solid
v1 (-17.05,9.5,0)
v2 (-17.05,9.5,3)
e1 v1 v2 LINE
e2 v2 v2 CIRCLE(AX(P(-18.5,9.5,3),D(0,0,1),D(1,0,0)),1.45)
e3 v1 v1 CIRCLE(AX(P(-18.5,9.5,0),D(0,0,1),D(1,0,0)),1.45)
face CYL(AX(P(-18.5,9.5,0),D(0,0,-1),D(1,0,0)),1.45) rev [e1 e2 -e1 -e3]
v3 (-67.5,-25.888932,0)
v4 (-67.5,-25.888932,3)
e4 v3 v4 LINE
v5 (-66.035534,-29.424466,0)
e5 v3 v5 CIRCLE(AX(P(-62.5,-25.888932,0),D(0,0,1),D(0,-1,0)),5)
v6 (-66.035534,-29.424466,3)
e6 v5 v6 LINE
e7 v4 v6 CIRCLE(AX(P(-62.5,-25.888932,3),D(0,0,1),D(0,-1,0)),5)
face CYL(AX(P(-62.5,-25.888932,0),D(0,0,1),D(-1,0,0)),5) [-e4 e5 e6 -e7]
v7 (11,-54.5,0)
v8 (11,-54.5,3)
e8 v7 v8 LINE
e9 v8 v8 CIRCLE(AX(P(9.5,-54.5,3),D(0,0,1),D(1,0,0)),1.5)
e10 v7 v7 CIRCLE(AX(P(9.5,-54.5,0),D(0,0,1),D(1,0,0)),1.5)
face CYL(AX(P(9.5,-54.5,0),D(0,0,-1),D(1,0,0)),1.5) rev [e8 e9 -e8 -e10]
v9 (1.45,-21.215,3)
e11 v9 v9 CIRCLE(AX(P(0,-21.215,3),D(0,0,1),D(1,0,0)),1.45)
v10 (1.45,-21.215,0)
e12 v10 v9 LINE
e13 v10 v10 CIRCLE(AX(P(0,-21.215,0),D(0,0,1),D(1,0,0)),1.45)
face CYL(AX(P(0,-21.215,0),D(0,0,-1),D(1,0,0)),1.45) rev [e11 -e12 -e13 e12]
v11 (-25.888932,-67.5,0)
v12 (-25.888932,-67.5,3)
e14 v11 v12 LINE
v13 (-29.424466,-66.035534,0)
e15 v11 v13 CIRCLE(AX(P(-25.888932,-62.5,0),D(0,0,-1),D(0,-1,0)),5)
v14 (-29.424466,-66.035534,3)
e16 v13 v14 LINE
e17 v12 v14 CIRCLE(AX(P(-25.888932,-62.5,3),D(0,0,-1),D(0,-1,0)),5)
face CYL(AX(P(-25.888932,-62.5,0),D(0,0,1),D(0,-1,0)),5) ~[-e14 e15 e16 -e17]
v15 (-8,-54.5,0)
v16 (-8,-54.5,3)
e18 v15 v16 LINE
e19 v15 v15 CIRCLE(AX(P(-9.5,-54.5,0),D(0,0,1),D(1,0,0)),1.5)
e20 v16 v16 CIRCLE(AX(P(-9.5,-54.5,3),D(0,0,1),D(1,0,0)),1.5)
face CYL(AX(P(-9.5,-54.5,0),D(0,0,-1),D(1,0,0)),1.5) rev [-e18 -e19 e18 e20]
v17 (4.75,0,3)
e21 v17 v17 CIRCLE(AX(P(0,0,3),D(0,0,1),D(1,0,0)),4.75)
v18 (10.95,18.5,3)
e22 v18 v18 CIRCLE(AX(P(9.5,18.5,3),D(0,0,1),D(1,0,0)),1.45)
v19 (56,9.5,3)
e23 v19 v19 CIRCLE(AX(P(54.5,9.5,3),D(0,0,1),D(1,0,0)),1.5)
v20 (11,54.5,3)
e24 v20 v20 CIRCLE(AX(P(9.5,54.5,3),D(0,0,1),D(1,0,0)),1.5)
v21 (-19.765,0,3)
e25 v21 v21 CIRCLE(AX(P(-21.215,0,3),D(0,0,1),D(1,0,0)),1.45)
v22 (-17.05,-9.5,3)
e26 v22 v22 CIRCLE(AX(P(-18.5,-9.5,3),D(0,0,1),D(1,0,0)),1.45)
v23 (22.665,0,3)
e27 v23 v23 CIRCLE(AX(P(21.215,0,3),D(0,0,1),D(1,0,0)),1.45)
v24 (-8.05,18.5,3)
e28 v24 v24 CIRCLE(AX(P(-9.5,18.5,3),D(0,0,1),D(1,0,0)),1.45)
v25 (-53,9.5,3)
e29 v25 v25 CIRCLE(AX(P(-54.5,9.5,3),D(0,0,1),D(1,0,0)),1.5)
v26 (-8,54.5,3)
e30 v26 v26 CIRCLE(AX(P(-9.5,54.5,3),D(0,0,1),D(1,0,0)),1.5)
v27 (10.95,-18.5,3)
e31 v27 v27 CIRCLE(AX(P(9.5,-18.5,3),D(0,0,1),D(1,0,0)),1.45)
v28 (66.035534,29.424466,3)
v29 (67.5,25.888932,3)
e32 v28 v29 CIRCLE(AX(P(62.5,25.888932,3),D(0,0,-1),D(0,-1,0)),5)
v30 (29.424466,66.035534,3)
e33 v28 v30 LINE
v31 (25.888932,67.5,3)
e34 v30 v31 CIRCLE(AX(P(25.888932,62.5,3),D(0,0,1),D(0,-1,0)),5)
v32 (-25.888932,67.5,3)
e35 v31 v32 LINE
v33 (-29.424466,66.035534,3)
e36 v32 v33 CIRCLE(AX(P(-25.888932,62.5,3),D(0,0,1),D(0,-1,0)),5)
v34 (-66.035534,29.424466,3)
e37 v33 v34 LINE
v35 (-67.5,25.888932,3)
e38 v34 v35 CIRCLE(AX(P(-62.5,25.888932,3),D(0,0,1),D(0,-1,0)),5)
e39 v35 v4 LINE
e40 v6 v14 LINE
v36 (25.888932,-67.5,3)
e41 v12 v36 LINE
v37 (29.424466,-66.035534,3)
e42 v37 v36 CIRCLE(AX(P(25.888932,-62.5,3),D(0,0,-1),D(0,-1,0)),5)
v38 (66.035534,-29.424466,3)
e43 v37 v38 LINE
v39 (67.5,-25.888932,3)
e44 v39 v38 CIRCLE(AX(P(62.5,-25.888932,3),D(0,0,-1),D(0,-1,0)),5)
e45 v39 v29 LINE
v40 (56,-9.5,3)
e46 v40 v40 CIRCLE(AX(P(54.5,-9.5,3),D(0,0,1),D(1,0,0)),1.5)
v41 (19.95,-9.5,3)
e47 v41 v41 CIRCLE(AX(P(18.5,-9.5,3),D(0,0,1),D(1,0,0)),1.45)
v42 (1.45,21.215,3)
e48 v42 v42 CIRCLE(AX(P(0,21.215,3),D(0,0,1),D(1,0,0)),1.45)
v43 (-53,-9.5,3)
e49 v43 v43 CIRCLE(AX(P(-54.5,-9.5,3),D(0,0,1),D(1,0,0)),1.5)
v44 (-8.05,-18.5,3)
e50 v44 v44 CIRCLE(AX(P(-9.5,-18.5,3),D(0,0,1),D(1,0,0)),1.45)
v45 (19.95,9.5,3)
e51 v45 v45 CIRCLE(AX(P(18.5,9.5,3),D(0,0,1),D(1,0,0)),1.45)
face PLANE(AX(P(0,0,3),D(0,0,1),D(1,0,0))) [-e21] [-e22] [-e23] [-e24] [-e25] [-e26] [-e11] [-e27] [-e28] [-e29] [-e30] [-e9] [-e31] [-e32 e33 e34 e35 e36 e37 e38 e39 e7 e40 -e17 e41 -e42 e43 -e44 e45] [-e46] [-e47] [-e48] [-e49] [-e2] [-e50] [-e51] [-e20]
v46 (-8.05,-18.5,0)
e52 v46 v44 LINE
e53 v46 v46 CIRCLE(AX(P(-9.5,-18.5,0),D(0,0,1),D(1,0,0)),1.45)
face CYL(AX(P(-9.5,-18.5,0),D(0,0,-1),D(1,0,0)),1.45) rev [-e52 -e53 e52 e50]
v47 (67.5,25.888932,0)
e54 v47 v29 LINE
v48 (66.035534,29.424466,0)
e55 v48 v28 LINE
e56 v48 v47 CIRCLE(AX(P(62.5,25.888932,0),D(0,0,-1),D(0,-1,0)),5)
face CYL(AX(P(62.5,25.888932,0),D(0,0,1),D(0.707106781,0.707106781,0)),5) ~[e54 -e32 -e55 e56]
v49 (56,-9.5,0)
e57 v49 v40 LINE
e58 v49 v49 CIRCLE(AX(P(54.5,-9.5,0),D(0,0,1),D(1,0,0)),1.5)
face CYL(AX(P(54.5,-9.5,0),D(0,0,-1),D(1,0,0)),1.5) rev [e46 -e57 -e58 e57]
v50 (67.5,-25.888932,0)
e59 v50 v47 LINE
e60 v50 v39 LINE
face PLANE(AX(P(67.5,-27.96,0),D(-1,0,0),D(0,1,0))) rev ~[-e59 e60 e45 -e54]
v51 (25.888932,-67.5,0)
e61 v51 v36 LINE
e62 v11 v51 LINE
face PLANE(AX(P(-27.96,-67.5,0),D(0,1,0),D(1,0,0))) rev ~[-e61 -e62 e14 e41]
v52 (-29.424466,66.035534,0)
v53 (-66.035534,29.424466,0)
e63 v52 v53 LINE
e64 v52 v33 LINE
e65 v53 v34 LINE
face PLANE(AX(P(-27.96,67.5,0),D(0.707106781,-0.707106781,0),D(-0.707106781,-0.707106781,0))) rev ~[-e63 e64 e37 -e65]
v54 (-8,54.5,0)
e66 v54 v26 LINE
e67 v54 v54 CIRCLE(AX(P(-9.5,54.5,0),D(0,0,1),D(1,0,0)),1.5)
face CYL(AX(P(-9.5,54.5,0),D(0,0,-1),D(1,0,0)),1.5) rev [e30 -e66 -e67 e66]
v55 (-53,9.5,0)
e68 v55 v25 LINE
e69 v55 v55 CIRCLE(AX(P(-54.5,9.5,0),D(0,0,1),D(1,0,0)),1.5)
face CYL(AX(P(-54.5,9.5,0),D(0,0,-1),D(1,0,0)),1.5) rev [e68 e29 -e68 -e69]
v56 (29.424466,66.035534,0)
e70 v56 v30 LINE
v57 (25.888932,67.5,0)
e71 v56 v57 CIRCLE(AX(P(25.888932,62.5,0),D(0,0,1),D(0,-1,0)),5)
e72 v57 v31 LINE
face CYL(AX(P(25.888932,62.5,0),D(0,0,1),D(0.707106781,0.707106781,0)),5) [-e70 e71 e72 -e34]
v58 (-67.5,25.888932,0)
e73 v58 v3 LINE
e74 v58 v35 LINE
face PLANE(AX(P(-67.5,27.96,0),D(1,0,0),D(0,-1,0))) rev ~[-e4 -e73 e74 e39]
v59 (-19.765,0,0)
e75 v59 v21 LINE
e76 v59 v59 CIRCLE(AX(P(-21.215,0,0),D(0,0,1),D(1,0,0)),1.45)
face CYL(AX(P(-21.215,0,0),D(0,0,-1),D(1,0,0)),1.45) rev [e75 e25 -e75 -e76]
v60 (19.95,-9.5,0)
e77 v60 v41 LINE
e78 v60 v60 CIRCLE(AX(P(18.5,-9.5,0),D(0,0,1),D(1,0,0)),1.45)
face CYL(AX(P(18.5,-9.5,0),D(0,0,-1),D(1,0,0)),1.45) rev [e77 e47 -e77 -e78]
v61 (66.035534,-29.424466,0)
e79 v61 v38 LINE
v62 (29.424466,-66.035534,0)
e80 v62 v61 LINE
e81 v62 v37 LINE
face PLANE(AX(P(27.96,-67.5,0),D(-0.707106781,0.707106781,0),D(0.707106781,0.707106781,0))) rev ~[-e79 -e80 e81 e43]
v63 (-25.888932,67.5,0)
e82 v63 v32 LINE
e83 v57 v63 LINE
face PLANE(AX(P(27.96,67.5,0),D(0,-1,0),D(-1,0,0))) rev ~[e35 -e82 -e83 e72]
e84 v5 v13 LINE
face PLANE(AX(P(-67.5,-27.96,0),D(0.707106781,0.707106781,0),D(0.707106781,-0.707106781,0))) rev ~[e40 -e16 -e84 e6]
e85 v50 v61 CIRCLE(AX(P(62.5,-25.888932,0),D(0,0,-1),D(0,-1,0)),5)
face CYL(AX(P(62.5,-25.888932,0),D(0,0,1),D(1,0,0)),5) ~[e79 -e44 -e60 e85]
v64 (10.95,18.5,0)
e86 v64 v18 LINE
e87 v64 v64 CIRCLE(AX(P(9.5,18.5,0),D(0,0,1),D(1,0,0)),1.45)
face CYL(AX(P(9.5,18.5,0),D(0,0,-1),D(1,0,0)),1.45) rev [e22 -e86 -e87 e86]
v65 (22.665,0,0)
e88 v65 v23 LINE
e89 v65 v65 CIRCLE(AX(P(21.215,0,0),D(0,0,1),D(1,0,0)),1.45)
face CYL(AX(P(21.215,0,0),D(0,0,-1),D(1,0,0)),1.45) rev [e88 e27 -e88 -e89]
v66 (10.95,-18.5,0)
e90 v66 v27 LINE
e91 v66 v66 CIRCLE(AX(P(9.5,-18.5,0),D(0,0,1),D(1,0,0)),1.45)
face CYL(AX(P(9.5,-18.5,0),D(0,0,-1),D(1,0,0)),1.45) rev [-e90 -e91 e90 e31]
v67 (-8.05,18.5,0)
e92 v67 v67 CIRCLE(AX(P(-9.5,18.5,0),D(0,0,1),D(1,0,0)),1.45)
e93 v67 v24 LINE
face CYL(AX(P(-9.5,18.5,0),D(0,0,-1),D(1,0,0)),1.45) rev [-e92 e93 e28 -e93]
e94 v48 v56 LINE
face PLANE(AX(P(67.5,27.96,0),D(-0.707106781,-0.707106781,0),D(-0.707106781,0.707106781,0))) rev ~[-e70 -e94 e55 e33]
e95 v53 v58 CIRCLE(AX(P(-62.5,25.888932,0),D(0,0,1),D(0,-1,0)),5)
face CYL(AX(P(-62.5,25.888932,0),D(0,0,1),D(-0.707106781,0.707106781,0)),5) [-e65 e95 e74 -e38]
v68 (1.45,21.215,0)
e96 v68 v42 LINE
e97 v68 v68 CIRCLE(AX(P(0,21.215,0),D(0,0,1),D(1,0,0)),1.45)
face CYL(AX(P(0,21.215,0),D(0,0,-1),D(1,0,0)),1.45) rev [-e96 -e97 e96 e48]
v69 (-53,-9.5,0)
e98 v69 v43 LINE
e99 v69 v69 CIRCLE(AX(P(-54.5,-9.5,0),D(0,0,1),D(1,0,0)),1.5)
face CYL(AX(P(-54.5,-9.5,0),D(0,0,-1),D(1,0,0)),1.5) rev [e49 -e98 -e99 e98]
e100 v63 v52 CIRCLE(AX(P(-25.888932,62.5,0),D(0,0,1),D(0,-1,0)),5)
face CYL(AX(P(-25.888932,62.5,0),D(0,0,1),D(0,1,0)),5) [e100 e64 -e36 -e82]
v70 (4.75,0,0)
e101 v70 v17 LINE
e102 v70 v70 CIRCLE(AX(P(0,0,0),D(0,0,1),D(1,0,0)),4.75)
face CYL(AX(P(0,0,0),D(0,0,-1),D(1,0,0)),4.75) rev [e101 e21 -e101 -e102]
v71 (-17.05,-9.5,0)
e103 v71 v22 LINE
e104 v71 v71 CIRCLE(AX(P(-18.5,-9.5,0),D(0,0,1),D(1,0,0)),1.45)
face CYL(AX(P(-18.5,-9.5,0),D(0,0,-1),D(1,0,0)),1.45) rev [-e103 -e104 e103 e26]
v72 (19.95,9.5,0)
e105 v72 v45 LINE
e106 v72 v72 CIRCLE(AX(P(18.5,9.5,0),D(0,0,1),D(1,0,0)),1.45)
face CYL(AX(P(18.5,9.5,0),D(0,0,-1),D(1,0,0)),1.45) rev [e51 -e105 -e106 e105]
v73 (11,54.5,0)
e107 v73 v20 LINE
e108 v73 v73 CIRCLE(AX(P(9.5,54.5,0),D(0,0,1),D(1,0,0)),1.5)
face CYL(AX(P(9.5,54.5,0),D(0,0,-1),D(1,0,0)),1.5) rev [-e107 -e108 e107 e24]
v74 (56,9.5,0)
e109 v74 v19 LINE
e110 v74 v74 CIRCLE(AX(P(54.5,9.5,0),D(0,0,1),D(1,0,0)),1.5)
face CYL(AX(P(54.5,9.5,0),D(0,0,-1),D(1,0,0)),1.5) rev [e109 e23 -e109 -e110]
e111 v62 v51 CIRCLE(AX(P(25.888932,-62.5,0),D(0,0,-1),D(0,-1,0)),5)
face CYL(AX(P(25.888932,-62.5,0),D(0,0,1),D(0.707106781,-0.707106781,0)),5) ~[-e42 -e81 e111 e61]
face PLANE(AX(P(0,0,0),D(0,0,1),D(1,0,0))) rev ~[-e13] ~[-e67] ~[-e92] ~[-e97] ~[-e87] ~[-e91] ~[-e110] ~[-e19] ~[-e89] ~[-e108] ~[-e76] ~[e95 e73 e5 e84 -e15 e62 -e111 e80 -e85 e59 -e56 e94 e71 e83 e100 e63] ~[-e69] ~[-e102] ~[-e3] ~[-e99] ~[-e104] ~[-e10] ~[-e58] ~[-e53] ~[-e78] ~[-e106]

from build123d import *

# Parameters (mm, degrees)
F0_R     = 1.5
F0_R_2   = 1.45
F0_R_3   = 4.75
F1_DEPTH = 3
F2_R     = 5


with BuildPart() as f1:
    # F0 (on Top) → F1 (new body)
    with BuildSketch(Plane.XY):
        Polygon((67.5, 27.96), (27.96, 67.5), (-27.96, 67.5), (-67.5, 27.96), (-67.5, -27.96), (-27.96, -67.5), (27.96, -67.5), (67.5, -27.96), align=None)
        with Locations((-9.5, -54.5)):
            Circle(F0_R, mode=Mode.SUBTRACT)
        with Locations((-54.5, -9.5)):
            Circle(F0_R, mode=Mode.SUBTRACT)
        with Locations((-9.5, -18.5)):
            Circle(F0_R_2, mode=Mode.SUBTRACT)
        with Locations((-18.5, -9.5)):
            Circle(F0_R_2, mode=Mode.SUBTRACT)
        with Locations((9.5, -54.5)):
            Circle(F0_R, mode=Mode.SUBTRACT)
        with Locations((0, -21.215)):
            Circle(F0_R_2, mode=Mode.SUBTRACT)
        with Locations((9.5, -18.5)):
            Circle(F0_R_2, mode=Mode.SUBTRACT)
        with Locations((18.5, -9.5)):
            Circle(F0_R_2, mode=Mode.SUBTRACT)
        with Locations((54.5, -9.5)):
            Circle(F0_R, mode=Mode.SUBTRACT)
        with Locations((-54.5, 9.5)):
            Circle(F0_R, mode=Mode.SUBTRACT)
        with Locations((-21.215, 0)):
            Circle(F0_R_2, mode=Mode.SUBTRACT)
        with Locations((-18.5, 9.5)):
            Circle(F0_R_2, mode=Mode.SUBTRACT)
        with Locations((-9.5, 18.5)):
            Circle(F0_R_2, mode=Mode.SUBTRACT)
        with Locations((-9.5, 54.5)):
            Circle(F0_R, mode=Mode.SUBTRACT)
        Circle(F0_R_3, mode=Mode.SUBTRACT)
        with Locations((21.215, 0)):
            Circle(F0_R_2, mode=Mode.SUBTRACT)
        with Locations((18.5, 9.5)):
            Circle(F0_R_2, mode=Mode.SUBTRACT)
        with Locations((0, 21.215)):
            Circle(F0_R_2, mode=Mode.SUBTRACT)
        with Locations((9.5, 18.5)):
            Circle(F0_R_2, mode=Mode.SUBTRACT)
        with Locations((54.5, 9.5)):
            Circle(F0_R, mode=Mode.SUBTRACT)
        with Locations((9.5, 54.5)):
            Circle(F0_R, mode=Mode.SUBTRACT)
    extrude(amount=F1_DEPTH)

    # F2
    f2_edges = [f1.edges().sort_by_distance(p)[0] for p in [
        (-27.96, 67.5, 1.5),
        (-67.5, 27.96, 1.5),
        (-67.5, -27.96, 1.5),
        (-27.96, -67.5, 1.5),
        (27.96, -67.5, 1.5),
        (67.5, -27.96, 1.5),
        (67.5, 27.96, 1.5),
        (27.96, 67.5, 1.5),
    ]]
    fillet(f2_edges, radius=F2_R)


solid = f1.part
